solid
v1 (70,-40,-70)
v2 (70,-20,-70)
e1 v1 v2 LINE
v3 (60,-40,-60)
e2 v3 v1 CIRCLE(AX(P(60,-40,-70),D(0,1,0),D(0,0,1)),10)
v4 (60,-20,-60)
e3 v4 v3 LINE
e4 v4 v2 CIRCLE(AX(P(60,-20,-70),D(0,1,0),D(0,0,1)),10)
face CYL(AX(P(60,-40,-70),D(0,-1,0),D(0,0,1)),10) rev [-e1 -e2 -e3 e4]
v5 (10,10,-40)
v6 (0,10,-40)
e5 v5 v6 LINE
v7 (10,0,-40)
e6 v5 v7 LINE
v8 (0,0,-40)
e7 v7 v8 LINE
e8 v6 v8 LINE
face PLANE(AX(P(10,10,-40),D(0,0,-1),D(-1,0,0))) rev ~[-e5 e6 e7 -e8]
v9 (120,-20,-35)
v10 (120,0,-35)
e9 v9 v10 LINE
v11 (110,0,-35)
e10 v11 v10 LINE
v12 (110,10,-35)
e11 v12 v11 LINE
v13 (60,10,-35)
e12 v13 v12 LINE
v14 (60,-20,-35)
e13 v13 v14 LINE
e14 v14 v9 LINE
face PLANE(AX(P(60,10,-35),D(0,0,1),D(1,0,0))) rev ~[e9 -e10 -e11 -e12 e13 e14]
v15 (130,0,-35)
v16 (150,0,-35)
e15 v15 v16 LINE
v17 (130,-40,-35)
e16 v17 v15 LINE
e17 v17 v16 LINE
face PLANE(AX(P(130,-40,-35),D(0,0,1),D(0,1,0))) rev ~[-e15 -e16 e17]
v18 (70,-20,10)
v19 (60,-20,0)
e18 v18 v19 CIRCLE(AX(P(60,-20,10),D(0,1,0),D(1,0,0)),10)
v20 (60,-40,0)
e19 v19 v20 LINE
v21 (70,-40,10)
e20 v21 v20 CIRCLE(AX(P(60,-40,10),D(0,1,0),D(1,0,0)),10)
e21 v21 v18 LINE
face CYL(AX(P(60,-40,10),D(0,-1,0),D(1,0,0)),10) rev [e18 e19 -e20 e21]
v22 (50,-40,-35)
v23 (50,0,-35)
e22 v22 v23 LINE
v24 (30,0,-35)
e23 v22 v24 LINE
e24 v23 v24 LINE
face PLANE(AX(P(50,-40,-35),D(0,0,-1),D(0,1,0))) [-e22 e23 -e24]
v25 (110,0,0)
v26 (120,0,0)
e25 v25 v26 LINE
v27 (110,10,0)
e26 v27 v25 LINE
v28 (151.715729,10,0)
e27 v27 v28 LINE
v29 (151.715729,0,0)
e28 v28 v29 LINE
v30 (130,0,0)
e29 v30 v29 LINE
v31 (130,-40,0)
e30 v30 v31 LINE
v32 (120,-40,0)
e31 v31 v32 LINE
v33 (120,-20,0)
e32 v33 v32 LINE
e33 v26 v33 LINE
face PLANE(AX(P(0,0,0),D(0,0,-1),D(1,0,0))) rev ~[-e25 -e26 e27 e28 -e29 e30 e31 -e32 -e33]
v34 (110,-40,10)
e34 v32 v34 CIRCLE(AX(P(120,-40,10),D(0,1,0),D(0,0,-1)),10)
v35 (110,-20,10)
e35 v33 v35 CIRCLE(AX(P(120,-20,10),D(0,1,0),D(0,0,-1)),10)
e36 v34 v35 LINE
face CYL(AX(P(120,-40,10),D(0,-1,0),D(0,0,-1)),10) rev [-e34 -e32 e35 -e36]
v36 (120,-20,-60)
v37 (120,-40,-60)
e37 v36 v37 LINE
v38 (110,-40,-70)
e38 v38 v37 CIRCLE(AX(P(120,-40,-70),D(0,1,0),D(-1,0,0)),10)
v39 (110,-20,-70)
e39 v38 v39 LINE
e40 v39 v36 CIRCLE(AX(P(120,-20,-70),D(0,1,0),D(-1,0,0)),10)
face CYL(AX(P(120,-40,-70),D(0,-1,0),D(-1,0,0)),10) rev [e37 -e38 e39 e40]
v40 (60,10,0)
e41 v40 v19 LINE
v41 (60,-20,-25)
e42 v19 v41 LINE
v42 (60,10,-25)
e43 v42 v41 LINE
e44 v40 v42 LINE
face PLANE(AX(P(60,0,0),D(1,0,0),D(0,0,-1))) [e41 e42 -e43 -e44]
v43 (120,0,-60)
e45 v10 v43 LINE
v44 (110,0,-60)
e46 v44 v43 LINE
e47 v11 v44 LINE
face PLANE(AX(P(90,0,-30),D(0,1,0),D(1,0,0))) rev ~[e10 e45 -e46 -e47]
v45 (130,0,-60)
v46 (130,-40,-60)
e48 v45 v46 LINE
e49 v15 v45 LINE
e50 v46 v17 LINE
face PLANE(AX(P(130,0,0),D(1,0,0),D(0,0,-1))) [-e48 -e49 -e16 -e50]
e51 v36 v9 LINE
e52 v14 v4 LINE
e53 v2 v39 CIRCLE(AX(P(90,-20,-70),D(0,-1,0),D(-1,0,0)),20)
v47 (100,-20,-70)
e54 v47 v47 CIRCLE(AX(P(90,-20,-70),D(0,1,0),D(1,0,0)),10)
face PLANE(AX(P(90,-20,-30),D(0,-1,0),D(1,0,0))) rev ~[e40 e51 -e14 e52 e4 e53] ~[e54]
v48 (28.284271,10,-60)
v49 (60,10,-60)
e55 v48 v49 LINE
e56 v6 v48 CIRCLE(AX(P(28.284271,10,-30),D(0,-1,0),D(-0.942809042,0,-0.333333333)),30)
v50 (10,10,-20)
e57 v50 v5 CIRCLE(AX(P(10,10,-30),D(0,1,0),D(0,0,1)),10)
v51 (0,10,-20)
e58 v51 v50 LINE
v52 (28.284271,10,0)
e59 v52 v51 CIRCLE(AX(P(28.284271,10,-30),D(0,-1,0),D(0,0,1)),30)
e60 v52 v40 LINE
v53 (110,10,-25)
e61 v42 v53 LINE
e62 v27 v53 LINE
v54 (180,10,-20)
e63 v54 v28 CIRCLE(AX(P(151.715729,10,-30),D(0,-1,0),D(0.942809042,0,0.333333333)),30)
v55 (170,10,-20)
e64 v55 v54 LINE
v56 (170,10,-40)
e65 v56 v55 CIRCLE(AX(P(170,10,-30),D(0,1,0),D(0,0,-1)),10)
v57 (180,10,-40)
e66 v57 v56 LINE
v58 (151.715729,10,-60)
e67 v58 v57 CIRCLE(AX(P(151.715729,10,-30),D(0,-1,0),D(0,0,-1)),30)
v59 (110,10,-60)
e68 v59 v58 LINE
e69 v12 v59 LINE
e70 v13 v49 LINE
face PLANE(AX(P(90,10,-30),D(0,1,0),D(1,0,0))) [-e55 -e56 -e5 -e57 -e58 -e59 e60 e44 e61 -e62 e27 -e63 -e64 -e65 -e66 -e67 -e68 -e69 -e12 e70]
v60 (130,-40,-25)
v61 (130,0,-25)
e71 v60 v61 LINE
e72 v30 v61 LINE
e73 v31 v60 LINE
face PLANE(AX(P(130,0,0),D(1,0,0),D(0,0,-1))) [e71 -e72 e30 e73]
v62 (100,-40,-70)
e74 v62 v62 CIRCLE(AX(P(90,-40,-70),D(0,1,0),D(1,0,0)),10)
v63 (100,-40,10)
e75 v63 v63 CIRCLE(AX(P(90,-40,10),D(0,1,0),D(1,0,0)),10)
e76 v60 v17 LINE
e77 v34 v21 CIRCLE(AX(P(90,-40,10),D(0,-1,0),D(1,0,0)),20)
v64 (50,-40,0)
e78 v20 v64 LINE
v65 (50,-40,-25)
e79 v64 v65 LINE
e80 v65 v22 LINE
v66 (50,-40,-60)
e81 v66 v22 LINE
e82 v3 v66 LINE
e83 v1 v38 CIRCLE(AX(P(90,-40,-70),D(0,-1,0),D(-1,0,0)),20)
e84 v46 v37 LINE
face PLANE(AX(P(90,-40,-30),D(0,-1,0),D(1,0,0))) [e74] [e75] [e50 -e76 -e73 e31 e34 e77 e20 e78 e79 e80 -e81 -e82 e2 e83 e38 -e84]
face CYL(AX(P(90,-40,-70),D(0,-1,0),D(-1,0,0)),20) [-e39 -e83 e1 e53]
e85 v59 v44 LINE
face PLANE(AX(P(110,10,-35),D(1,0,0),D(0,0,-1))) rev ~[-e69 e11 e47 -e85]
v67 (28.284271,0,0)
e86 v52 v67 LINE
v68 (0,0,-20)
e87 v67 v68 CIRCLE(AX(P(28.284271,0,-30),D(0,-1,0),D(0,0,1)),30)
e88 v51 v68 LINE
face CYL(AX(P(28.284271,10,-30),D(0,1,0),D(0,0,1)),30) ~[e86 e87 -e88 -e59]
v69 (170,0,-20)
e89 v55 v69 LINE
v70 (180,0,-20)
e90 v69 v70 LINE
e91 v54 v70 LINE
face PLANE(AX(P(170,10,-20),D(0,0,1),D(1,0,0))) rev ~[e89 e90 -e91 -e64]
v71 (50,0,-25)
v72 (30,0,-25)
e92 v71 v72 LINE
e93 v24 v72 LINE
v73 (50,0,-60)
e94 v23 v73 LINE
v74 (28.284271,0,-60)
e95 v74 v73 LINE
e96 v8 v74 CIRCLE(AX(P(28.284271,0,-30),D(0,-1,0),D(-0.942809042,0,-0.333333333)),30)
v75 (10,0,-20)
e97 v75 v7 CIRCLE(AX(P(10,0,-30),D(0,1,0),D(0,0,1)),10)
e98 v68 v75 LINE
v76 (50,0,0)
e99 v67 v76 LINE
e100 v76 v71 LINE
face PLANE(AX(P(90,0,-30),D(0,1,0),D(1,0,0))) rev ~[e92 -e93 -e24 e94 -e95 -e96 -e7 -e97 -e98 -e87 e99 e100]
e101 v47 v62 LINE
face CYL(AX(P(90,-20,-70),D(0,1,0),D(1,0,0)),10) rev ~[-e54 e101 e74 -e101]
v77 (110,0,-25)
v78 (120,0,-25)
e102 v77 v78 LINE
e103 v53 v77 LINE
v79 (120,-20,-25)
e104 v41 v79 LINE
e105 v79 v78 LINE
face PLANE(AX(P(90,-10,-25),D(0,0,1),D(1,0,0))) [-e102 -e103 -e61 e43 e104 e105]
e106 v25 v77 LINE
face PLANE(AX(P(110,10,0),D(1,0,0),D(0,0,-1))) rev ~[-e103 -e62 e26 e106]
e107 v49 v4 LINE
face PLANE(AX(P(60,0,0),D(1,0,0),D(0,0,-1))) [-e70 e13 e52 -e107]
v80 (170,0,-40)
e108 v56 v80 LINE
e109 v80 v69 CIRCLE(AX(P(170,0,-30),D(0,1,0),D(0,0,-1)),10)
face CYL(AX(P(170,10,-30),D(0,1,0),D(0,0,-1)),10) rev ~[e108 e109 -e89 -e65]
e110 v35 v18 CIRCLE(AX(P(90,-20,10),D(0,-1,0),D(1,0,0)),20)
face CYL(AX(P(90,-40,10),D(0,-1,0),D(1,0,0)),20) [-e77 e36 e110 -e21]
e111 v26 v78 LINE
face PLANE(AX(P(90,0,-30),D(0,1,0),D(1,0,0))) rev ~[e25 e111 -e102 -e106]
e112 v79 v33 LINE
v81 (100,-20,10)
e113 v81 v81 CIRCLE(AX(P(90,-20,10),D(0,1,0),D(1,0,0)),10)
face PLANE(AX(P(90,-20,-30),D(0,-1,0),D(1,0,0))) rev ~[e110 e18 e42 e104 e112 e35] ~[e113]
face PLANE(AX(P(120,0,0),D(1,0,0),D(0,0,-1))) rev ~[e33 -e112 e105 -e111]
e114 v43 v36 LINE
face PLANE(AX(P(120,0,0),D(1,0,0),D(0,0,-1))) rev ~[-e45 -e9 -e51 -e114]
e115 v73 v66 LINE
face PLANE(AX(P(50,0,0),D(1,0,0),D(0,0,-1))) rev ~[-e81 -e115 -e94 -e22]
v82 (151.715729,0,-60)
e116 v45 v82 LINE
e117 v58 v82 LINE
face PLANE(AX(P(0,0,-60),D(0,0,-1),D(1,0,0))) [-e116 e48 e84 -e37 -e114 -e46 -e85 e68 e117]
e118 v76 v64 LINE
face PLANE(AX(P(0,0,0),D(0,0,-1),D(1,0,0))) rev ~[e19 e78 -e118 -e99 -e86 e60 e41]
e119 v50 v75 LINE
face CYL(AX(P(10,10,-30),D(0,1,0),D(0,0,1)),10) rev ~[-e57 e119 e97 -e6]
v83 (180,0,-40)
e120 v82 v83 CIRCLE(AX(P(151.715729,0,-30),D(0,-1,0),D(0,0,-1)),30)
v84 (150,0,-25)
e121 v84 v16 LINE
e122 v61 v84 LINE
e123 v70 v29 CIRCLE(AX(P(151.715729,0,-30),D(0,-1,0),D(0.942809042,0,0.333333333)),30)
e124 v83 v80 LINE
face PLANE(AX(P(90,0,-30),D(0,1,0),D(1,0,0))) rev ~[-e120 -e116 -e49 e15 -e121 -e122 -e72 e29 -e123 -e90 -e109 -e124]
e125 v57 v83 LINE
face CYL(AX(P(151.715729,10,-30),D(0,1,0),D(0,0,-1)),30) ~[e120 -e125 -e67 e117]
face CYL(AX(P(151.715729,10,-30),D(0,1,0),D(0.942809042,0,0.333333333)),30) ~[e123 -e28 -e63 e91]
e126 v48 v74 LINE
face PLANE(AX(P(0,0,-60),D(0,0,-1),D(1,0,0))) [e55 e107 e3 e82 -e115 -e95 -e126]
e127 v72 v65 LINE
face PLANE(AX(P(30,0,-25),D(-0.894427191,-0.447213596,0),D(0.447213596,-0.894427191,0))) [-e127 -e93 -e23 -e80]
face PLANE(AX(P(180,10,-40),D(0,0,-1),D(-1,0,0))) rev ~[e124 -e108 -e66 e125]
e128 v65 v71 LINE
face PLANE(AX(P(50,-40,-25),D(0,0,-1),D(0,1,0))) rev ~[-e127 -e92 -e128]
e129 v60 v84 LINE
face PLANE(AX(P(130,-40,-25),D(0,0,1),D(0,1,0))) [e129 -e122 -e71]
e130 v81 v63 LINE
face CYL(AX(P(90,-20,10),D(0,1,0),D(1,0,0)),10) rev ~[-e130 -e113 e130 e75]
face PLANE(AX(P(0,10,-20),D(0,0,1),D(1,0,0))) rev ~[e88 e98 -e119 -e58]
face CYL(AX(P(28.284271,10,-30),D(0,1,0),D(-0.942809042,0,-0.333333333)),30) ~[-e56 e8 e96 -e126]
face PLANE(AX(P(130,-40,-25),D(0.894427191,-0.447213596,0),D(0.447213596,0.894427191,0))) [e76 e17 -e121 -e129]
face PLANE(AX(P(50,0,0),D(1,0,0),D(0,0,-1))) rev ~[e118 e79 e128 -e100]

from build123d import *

# Parameters (mm, degrees)
SKETCH1_W           = 180
SKETCH1_H           = 60
BOSS_EXTRUDE1_DEPTH = 10
CUT_EXTRUDE1_DEPTH  = 10
SKETCH3_W           = 10
SKETCH3_H           = 60
BOSS_EXTRUDE2_DEPTH = 40
SKETCH4_W           = 10
SKETCH4_H           = 40
BOSS_EXTRUDE3_DEPTH = 20
CUT_EXTRUDE2_DEPTH  = 20
SKETCH6_W           = 10
SKETCH6_H           = 40
BOSS_EXTRUDE4_DEPTH = 20
CUT_EXTRUDE3_DEPTH  = 20
BOSS_EXTRUDE5_DEPTH = 20
SKETCH10_R          = 10
CUT_EXTRUDE4_DEPTH  = 20
SKETCH11_W          = 50
SKETCH11_H          = 25
CUT_EXTRUDE5_DEPTH  = 20
SKETCH12_W          = 60
SKETCH12_H          = 20
BOSS_EXTRUDE6_DEPTH = 10


with BuildPart() as part:
    # Sketch1 → Boss-Extrude1 (new body)
    with BuildSketch(Plane(origin=(0, 0, 0), x_dir=(1, 0, 0), z_dir=(0, 1, 0))):
        with Locations((90, 30)):
            Rectangle(SKETCH1_W, SKETCH1_H)
    extrude(amount=BOSS_EXTRUDE1_DEPTH)

    # Sketch2 → Cut-Extrude1 (cut)
    with BuildSketch(Plane(origin=(0, 10, 0), x_dir=(1, 0, 0), z_dir=(0, 1, 0))):
        with BuildLine():
            Line((0, 60), (0, 40))
            ThreePointArc((0, 40), (10.963763172, 54.494897428), (28.284271247, 60))
            Line((28.284271247, 60), (0, 60))
        make_face()
        with BuildLine():
            Line((10, 40), (0, 40))
            Line((0, 40), (0, 20))
            Line((0, 20), (10, 20))
            ThreePointArc((10, 20), (20, 30), (10, 40))
        make_face()
        with BuildLine():
            ThreePointArc((28.284271247, 0), (10.963763172, 5.505102572), (0, 20))
            Line((0, 20), (0, 0))
            Line((0, 0), (28.284271247, 0))
        make_face()
        with BuildLine():
            ThreePointArc((180, 20), (169.036236828, 5.505102572), (151.715728753, 0))
            Line((151.715728753, 0), (180, 0))
            Line((180, 0), (180, 20))
        make_face()
        with BuildLine():
            Line((180, 20), (180, 40))
            Line((180, 40), (170, 40))
            ThreePointArc((170, 40), (160, 30), (170, 20))
            Line((170, 20), (180, 20))
        make_face()
        with BuildLine():
            Line((180, 60), (151.715728753, 60))
            ThreePointArc((151.715728753, 60), (169.036236828, 54.494897428), (180, 40))
            Line((180, 40), (180, 60))
        make_face()
    extrude(amount=-CUT_EXTRUDE1_DEPTH, mode=Mode.SUBTRACT)

    # Sketch3 → Boss-Extrude2 (add)
    with BuildSketch(Plane(origin=(0, 0, 0), x_dir=(-1, 0, 0), z_dir=(0, -1, 0))):
        with Locations((-55, 30)):
            Rectangle(SKETCH3_W, SKETCH3_H)
        with Locations((-125, 30)):
            Rectangle(SKETCH3_W, SKETCH3_H)
    extrude(amount=BOSS_EXTRUDE2_DEPTH)

    # Sketch4 → Boss-Extrude3 (add)
    with BuildSketch(Plane.ZY.offset(-50)):
        with Locations((-30, -20)):
            Rectangle(SKETCH4_W, SKETCH4_H)
    extrude(amount=BOSS_EXTRUDE3_DEPTH)

    # Sketch5 → Cut-Extrude2 (cut)
    with BuildSketch(Plane.XY.offset(-25)):
        Polygon((30, 0), (50, -40), (30, -40), align=None)
    extrude(amount=-CUT_EXTRUDE2_DEPTH, mode=Mode.SUBTRACT)

    # Sketch6 → Boss-Extrude4 (add)
    with BuildSketch(Plane(origin=(130, 0, 0), x_dir=(0, 0, -1), z_dir=(1, 0, 0))):
        with Locations((30, -20)):
            Rectangle(SKETCH6_W, SKETCH6_H)
    extrude(amount=BOSS_EXTRUDE4_DEPTH)

    # Sketch7 → Cut-Extrude3 (cut)
    with BuildSketch(Plane.XY.offset(-25)):
        Polygon((130, -40), (150, 0), (150, -40), align=None)
    extrude(amount=-CUT_EXTRUDE3_DEPTH, mode=Mode.SUBTRACT)

    # Sketch9 → Boss-Extrude5 (add)
    with BuildSketch(Plane.XZ.offset(40)):
        with BuildLine():
            Line((60, 0), (60, -60))
            ThreePointArc((60, -60), (67.071067812, -62.928932188), (70, -70))
            ThreePointArc((70, -70), (90, -90), (110, -70))
            ThreePointArc((110, -70), (112.928932188, -62.928932188), (120, -60))
            Line((120, -60), (120, 0))
            ThreePointArc((120, 0), (112.928932188, 2.928932188), (110, 10))
            ThreePointArc((110, 10), (90, 30), (70, 10))
            ThreePointArc((70, 10), (67.071067812, 2.928932188), (60, 0))
        make_face()
    extrude(amount=-BOSS_EXTRUDE5_DEPTH)

    # Sketch10 → Cut-Extrude4 (cut)
    with BuildSketch(Plane(origin=(0, -20, 0), x_dir=(1, 0, 0), z_dir=(0, 1, 0))):
        with Locations((90, 70)):
            Circle(SKETCH10_R)
        with Locations((90, -10)):
            Circle(SKETCH10_R)
    extrude(amount=-CUT_EXTRUDE4_DEPTH, mode=Mode.SUBTRACT)

    # Sketch11 → Cut-Extrude5 (cut)
    with BuildSketch(Plane(origin=(0, 10, 0), x_dir=(1, 0, 0), z_dir=(0, 1, 0))):
        with Locations((85, 47.5)):
            Rectangle(SKETCH11_W, SKETCH11_H)
        with Locations((85, 12.5)):
            Rectangle(SKETCH11_W, SKETCH11_H)
    extrude(amount=-CUT_EXTRUDE5_DEPTH, mode=Mode.SUBTRACT)

    # Sketch12 → Boss-Extrude6 (add)
    with BuildSketch(Plane.XY.offset(-25)):
        with Locations((90, -10)):
            Rectangle(SKETCH12_W, SKETCH12_H)
    extrude(amount=-BOSS_EXTRUDE6_DEPTH)


solid = part.part
